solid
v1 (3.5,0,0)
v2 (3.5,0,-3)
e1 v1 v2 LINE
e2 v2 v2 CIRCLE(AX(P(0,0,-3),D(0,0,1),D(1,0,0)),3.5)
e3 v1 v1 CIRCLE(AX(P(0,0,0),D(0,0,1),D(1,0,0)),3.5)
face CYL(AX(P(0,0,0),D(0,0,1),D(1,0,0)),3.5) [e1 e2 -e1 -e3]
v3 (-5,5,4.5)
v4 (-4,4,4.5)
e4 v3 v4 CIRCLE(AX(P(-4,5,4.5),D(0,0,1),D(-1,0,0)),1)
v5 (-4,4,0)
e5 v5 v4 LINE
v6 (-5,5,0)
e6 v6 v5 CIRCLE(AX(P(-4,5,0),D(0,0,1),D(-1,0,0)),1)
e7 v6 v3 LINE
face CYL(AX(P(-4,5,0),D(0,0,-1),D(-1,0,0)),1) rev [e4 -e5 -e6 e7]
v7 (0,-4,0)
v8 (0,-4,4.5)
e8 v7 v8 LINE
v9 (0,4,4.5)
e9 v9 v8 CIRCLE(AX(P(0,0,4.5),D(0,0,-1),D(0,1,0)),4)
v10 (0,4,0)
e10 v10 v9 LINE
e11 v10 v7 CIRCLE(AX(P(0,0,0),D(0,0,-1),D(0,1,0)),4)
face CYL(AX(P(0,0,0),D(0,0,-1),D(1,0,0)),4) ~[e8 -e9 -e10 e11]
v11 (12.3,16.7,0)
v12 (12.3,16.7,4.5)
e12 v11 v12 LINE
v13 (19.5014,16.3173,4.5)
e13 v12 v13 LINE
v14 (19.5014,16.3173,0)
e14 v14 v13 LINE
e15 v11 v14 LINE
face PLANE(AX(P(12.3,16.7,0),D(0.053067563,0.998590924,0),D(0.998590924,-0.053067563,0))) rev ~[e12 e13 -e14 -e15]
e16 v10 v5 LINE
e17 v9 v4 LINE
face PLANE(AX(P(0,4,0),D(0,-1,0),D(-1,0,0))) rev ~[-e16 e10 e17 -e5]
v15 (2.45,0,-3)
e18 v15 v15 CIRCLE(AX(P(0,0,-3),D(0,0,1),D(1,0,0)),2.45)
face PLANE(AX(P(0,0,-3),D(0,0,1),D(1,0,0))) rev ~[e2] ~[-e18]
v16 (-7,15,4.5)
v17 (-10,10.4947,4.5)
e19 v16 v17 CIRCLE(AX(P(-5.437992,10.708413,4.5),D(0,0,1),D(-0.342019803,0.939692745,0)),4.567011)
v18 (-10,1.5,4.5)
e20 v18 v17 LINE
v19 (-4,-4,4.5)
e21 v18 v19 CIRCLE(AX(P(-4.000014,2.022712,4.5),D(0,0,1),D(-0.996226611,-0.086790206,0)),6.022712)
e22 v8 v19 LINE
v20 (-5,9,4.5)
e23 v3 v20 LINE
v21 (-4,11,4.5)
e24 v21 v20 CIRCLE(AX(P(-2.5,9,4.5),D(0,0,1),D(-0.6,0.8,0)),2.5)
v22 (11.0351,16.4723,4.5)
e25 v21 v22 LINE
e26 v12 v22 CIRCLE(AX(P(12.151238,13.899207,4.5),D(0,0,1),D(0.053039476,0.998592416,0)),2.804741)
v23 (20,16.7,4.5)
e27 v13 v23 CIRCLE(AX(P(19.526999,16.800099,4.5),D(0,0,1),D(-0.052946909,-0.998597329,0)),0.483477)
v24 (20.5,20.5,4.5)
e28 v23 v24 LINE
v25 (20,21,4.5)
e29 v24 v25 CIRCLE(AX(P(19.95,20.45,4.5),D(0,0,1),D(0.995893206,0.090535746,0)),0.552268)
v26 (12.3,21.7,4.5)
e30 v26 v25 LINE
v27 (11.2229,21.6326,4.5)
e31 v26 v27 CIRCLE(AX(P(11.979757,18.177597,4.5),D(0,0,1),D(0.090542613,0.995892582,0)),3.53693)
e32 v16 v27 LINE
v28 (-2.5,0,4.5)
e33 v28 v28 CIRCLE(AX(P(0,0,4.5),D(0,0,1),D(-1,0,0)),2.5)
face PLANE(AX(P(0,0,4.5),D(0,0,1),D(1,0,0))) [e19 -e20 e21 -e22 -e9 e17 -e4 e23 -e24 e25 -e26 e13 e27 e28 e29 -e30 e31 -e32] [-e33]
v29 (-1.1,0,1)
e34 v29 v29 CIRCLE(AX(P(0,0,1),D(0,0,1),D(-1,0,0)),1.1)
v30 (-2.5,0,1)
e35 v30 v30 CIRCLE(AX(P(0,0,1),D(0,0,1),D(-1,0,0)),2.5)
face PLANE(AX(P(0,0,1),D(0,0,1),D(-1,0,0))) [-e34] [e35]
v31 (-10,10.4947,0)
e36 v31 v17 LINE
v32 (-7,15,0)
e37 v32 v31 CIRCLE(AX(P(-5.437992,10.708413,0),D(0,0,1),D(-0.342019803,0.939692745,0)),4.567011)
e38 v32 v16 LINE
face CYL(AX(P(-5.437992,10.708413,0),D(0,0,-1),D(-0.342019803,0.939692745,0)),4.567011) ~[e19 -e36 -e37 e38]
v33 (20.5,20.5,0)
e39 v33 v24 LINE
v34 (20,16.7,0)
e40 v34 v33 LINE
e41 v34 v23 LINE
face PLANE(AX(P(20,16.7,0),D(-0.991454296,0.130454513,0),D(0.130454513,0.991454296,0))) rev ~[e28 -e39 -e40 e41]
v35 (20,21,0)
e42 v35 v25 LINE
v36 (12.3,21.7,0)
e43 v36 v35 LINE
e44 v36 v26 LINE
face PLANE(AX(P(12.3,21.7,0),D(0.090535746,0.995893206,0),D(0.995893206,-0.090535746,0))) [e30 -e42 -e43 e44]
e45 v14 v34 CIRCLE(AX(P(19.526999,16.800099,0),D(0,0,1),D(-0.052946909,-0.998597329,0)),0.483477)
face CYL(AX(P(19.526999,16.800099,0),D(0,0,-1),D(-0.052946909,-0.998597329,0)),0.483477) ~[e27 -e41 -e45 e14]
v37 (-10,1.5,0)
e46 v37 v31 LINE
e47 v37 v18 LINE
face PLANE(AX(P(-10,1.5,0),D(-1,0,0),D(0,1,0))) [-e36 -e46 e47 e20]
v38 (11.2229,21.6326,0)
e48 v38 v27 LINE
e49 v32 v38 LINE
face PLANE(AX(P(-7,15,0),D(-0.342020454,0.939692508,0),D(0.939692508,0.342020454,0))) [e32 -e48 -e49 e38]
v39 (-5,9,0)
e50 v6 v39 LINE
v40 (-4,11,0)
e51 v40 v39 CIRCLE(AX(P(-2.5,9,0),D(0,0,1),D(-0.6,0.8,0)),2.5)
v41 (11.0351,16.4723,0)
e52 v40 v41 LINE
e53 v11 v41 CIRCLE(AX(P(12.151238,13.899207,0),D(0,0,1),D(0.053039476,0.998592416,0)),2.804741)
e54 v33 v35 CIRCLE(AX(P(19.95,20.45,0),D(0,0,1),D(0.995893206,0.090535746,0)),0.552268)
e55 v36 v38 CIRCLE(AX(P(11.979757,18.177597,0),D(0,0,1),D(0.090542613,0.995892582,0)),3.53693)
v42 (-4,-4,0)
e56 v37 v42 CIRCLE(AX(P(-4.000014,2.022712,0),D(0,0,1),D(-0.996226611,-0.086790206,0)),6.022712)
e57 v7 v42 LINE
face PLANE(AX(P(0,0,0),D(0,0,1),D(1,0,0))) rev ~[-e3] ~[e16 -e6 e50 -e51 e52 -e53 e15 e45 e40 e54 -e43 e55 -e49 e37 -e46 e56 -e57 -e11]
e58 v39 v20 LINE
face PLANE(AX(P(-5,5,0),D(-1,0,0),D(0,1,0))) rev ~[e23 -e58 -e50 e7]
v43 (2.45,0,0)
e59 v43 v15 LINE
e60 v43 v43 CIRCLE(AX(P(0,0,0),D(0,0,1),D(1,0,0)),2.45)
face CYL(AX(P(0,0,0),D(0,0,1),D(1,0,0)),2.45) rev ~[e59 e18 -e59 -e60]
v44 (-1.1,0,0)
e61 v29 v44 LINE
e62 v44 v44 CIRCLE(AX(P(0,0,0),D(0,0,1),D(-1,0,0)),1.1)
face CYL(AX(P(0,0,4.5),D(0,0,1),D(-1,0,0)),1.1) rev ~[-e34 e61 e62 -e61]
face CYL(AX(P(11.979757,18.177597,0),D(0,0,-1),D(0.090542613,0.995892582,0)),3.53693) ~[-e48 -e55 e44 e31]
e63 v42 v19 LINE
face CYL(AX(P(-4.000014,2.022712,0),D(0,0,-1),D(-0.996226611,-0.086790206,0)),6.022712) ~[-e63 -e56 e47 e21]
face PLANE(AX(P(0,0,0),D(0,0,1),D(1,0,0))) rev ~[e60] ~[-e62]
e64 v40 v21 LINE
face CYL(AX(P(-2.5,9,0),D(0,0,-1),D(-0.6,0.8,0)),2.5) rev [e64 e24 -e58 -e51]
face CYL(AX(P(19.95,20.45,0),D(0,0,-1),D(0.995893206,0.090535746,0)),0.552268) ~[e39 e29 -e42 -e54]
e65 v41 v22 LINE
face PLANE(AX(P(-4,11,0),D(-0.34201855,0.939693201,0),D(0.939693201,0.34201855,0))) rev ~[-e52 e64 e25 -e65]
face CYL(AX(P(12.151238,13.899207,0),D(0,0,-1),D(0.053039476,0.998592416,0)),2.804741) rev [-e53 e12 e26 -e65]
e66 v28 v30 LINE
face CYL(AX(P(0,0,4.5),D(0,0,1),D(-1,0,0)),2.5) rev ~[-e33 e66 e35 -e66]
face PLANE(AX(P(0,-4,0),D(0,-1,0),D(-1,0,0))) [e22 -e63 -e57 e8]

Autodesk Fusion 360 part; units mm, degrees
sketch "Sketch1" plane through (0, 0, 0) normal (0, 0, 1) x (1, 0, 0)
  circle A0 centre (0, 0) radius 2.45
  circle A1 centre (0, 0) radius 3.5
  circle A2 centre (0, 0) radius 4
  line L0 (0, 4) -> (-4, 4)
  arc A3 (-5, 5) -> (-4, 4) centre (-4, 5) ccw
  line L1 (-5, 5) -> (-5, 9)
  line L2 (-4, 11) -> (11.0351, 16.4723)
  line L3 (-4, 11) -> (12, 11) construction
  line L4 (0, -4) -> (-4, -4)
  line L5 (-10, 1.5) -> (-10, 10.4947)
  line L6 (-7, 15) -> (11.2229, 21.6326)
  arc A4 (-10, 1.5) -> (-4, -4) centre (-4, 2.0227) ccw
  arc A5 (-4, 11) -> (-5, 9) centre (-2.5, 9) ccw
  arc A6 (-7, 15) -> (-10, 10.4947) centre (-5.438, 10.7084) ccw
  line L7 (12.3, 16.7) -> (19.5014, 16.3173)
  line L8 (12.3, 21.7) -> (20, 21)
  line L9 (20, 16.7) -> (20.5, 20.5)
  arc A7 (20.5, 20.5) -> (20, 21) centre (19.95, 20.45) ccw
  arc A8 (19.5014, 16.3173) -> (20, 16.7) centre (19.527, 16.8001) ccw
  arc A9 (12.3, 21.7) -> (11.2229, 21.6326) centre (11.9798, 18.1776) ccw
  arc A10 (12.3, 16.7) -> (11.0351, 16.4723) centre (12.1512, 13.8992) ccw
  dimension "d1" = 4.9
  dimension "d2" = 7
  dimension "d3" = 8
  dimension "d4" = 4
  dimension "d6" = 20
  dimension "d7" = 16
sketch "Sketch2" plane through (0, 0, 4.5) normal (0, 0, 1) x (-1, 0, 0)
  line L0 (10, -10.4947) -> (10, -1.5)
  line L1 (4, 4) -> (0, 4)
  arc A0 (0, 4) -> (0, -4) centre (0, 0) ccw
  line L2 (0, -4) -> (4, -4)
  arc A1 (5, -5) -> (4, -4) centre (4, -5) ccw
  line L3 (5, -5) -> (5, -9)
  line L4 (4, -11) -> (-11.0351, -16.4723)
  line L5 (-11.2229, -21.6326) -> (7, -15)
  circle A2 centre (0, 0) radius 2.5
  circle A3 centre (0, 0) radius 1.1
  arc A4 (4, -11) -> (5, -9) centre (2.5, -9) ccw
  arc A5 (-12.3, -16.7) -> (-11.0351, -16.4723) centre (-12.1512, -13.8992) ccw
  line L6 (-12.3, -16.7) -> (-19.5014, -16.3173)
  arc A6 (-19.5014, -16.3173) -> (-20, -16.7) centre (-19.527, -16.8001) ccw
  line L7 (-20, -16.7) -> (-20.5, -20.5)
  arc A7 (-20.5, -20.5) -> (-20, -21) centre (-19.95, -20.45) ccw
  line L8 (-20, -21) -> (-12.3, -21.7)
  arc A8 (-12.3, -21.7) -> (-11.2229, -21.6326) centre (-11.9798, -18.1776) ccw
  arc A9 (7, -15) -> (10, -10.4947) centre (5.438, -10.7084) ccw
  arc A10 (10, -1.5) -> (4, 4) centre (4, -2.0227) ccw
  dimension "d14" = 5
  dimension "d15" = 2.2
extrude "Extrude5" add sketch "Sketch1" along normal blind 4.5 contours A0 | A1 | A2 | A2 L0 A3 L1 L2 L4 L5 L6 A4 A5 A6 L7 L8 L9 A7 A8 A9 A10
extrude "Extrude6" cut sketch "Sketch2" against normal blind 3.5 contours A2
extrude "Extrude7" cut sketch "Sketch2" against normal blind 5 contours A3
extrude "Extrude8" add sketch "Sketch1" against normal blind 3 contours A1
